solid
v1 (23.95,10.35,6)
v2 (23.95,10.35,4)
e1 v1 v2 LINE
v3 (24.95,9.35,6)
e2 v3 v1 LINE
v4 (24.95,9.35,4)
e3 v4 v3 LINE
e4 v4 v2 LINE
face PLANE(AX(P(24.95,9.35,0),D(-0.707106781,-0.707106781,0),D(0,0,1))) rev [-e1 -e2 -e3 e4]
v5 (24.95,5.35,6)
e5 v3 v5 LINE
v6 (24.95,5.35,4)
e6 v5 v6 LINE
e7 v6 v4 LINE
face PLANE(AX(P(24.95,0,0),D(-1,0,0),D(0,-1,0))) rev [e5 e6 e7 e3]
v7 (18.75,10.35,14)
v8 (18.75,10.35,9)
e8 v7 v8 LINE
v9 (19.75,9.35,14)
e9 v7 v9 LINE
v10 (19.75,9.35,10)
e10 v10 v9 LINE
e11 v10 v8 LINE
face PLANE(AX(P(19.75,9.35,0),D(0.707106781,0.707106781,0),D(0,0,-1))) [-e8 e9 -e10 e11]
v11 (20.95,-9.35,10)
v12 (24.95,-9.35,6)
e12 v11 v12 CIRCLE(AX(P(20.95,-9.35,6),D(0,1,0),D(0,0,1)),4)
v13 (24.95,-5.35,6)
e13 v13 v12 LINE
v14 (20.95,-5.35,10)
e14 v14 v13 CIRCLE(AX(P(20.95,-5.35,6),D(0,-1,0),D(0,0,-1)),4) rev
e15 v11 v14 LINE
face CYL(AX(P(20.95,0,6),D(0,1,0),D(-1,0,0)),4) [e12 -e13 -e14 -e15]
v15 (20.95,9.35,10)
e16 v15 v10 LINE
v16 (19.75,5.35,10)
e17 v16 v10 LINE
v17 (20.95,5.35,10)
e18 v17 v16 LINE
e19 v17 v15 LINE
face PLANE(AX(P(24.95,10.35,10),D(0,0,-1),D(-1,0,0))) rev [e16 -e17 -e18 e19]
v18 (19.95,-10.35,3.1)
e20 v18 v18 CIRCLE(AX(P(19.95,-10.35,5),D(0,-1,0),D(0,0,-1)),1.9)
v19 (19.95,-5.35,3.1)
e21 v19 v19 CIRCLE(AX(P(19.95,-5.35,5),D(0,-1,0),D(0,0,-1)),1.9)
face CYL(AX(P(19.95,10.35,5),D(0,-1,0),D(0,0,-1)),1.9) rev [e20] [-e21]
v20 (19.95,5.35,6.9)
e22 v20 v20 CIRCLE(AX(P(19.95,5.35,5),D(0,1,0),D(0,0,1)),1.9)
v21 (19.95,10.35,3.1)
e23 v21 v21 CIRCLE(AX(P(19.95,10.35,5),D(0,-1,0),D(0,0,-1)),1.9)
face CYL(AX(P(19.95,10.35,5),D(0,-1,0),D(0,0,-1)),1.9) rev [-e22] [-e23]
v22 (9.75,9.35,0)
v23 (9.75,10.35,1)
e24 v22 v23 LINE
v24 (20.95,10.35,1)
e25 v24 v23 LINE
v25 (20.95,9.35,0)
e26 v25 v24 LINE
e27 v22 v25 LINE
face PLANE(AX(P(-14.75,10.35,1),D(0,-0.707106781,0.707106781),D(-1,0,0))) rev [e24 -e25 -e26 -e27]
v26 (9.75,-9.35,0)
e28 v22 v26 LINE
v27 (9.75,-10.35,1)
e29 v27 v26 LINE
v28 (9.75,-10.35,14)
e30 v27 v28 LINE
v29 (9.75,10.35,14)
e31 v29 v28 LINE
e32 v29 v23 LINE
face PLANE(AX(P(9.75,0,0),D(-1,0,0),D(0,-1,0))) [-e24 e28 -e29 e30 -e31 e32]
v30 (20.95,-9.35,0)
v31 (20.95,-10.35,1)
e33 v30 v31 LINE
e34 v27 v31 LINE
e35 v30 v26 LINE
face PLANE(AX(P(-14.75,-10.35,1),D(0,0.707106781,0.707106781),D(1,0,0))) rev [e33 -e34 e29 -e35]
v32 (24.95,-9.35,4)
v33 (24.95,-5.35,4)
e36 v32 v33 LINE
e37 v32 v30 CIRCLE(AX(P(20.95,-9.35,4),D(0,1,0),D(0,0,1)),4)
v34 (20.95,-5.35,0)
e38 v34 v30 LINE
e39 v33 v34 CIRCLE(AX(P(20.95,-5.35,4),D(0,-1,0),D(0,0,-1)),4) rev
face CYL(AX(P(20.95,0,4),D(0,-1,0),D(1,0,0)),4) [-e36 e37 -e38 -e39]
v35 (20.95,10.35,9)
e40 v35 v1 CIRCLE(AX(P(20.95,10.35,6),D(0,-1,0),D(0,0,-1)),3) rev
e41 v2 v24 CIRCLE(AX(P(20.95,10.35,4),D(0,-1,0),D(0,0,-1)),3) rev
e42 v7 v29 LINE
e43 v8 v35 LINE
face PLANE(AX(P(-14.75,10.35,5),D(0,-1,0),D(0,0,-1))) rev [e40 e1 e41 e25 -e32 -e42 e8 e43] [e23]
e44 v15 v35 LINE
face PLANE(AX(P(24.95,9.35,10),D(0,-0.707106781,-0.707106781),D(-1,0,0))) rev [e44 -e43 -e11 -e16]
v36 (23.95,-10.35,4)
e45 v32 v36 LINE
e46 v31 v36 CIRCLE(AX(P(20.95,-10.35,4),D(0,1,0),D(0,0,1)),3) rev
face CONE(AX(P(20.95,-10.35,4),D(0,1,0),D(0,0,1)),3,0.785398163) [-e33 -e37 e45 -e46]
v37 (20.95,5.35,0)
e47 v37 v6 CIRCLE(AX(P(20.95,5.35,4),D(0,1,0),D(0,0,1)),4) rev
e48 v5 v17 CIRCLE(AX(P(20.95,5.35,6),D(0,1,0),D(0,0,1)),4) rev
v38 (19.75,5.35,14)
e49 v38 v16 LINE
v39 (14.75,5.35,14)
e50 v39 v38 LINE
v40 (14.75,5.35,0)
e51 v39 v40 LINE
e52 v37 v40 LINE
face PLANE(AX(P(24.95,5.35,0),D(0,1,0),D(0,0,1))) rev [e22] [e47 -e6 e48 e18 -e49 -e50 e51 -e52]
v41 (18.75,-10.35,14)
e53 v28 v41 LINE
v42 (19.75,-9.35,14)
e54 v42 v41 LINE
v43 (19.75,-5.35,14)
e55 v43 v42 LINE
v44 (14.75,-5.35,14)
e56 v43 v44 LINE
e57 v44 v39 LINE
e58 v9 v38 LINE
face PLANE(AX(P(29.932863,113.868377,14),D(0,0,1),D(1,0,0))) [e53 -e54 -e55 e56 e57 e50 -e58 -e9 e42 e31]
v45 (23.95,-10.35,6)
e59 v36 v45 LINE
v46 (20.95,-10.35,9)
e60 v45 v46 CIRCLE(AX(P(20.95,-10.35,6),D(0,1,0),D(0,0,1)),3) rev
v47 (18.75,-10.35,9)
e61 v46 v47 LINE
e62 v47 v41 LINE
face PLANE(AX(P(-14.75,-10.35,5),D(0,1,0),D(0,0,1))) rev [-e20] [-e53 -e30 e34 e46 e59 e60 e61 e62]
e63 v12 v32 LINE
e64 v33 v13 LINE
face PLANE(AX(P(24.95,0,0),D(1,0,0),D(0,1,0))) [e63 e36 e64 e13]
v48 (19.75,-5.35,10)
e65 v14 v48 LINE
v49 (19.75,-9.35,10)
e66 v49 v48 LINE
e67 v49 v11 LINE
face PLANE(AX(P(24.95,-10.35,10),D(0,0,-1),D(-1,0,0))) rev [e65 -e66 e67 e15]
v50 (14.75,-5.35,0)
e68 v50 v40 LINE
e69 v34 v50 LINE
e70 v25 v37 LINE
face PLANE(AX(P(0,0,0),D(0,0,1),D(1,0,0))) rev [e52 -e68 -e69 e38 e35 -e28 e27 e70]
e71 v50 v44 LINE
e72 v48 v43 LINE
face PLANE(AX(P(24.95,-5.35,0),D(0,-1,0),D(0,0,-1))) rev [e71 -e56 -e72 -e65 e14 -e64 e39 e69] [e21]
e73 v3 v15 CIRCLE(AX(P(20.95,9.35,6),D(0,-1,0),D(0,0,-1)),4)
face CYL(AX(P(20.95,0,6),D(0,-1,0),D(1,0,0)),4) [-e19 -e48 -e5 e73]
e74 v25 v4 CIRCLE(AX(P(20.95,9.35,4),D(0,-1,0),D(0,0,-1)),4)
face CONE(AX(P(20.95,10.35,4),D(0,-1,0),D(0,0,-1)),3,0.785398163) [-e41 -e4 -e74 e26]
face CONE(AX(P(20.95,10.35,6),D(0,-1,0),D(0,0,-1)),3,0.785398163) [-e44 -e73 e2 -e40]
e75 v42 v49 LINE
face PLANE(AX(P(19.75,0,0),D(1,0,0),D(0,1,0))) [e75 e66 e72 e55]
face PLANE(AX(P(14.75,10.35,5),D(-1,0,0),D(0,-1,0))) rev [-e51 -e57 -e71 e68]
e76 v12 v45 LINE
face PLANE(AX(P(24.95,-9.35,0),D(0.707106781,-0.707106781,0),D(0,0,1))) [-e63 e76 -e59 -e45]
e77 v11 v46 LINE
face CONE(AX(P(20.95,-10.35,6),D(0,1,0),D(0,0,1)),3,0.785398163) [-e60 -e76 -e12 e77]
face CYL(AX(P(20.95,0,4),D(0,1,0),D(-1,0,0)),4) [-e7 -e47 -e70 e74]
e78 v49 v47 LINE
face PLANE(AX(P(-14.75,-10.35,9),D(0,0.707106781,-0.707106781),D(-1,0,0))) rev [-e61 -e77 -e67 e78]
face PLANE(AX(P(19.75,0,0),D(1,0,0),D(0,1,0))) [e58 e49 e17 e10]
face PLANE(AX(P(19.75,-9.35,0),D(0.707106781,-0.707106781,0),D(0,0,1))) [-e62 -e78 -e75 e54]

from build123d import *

# Parameters (mm, degrees)
SKETCH_1_R               = 6.25
EXTRUDE_1_DEPTH          = 15
SKETCH_2_W               = 29.5
SKETCH_2_H               = 20.7
EXTRUDE_2_DEPTH          = 5
SKETCH_3_W               = 39
SKETCH_3_H               = 20.7
SKETCH_3_R               = 1.6
EXTRUDE_3_DEPTH          = 5
SKETCH_4_W               = 10
SKETCH_4_H               = 5
EXTRUDE_4_DEPTH          = 10.2
SKETCH_5_R               = 1.9
CUT_EXTRUDE_1_DEPTH      = 21.7
FILLET_1_R               = 4
SKETCH_8_W               = 24
SKETCH_8_H               = 5
EXTRUDE_6_DEPTH          = 5
SKETCH_9_R               = 1.6
EXTRUDE_7_DEPTH          = 5
EXTRUDE_5_DEPTH          = 3
CHAMFER_1_SIZE           = 1
CHAMFER_2_SIZE           = 1
SKETCH_10_W              = 6.3
SKETCH_10_H              = 5.8
CUT_EXTRUDE_2_DEPTH      = 2.5
SKETCH_11_R              = 1.65
CUT_EXTRUDE_3_DEPTH      = 25.95
CUT_EXTRUDE_3_DEPTH_BACK = 15.75
CUT_EXTRUDE_4_DEPTH      = 1
CUT_EXTRUDE_4_DEPTH_BACK = 21.7


with BuildPart() as part:
    # ｽｹｯﾁ1 → ﾎﾞｽ - 押し出し1 (new body)
    with BuildSketch(Plane.XY):
        Circle(SKETCH_1_R)
    extrude(amount=-EXTRUDE_1_DEPTH)

    # ｽｹｯﾁ2 → ﾎﾞｽ - 押し出し2 (add)
    with BuildSketch(Plane.XY):
        Rectangle(SKETCH_2_W, SKETCH_2_H)
    extrude(amount=EXTRUDE_2_DEPTH)

    # ｽｹｯﾁ3 → ﾎﾞｽ - 押し出し3 (add)
    with BuildSketch(Plane(origin=(14.75, 0, 0), x_dir=(0, 0, -1), z_dir=(1, 0, 0))):
        with Locations((-24.5, 0)):
            Rectangle(SKETCH_3_W, SKETCH_3_H)
        with Locations((-20, 0)):
            Circle(SKETCH_3_R, mode=Mode.SUBTRACT)
    extrude(amount=-EXTRUDE_3_DEPTH)

    # ｽｹｯﾁ4 → ﾎﾞｽ - 押し出し4 (add)
    with BuildSketch(Plane(origin=(14.75, 0, 0), x_dir=(0, 0, -1), z_dir=(1, 0, 0))):
        with Locations((-5, 7.85)):
            Rectangle(SKETCH_4_W, SKETCH_4_H)
        with Locations((-5, -7.85)):
            Rectangle(SKETCH_4_W, SKETCH_4_H)
        with Locations((-39, 7.85)):
            Rectangle(SKETCH_4_W, SKETCH_4_H)
        with Locations((-39, -7.85)):
            Rectangle(SKETCH_4_W, SKETCH_4_H)
    extrude(amount=EXTRUDE_4_DEPTH)

    # ｽｹｯﾁ5 → ｶｯﾄ - 押し出し1 (cut, through all)
    with BuildSketch(Plane.XZ.offset(10.35)):
        with Locations((19.95, 5)):
            Circle(SKETCH_5_R)
        with Locations((19.95, 39)):
            Circle(SKETCH_5_R)
    extrude(amount=-CUT_EXTRUDE_1_DEPTH, mode=Mode.SUBTRACT)

    # ﾌｨﾚｯﾄ1
    fillet_1_edges = [part.edges().sort_by_distance(p)[0] for p in [
        (24.95, 7.85, 0),
        (24.95, 7.85, 10),
        (24.95, -7.85, 0),
        (24.95, -7.85, 10),
        (24.95, -7.85, 44),
        (24.95, -7.85, 34),
        (24.95, 7.85, 44),
        (24.95, 7.85, 34),
    ]]
    fillet(fillet_1_edges, radius=FILLET_1_R)

    # ｽｹｯﾁ8 → ﾎﾞｽ - 押し出し6 (add)
    with BuildSketch(Plane(origin=(14.75, 0, 0), x_dir=(0, 0, -1), z_dir=(1, 0, 0))):
        with Locations((-22, 7.85)):
            Rectangle(SKETCH_8_W, SKETCH_8_H)
        with Locations((-22, -7.85)):
            Rectangle(SKETCH_8_W, SKETCH_8_H)
    extrude(amount=EXTRUDE_6_DEPTH)

    # ｽｹｯﾁ9 → ﾎﾞｽ - 押し出し7 (add)
    with BuildSketch(Plane.ZY.offset(14.75)):
        with BuildLine():
            Line((5, 10.35), (11, 10.35))
            Line((11, 10.35), (22.121751649, 3.390895153))
            ThreePointArc((22.121751649, 3.390895153), (24, 0), (22.121751649, -3.390895153))
            Line((22.121751649, -3.390895153), (11, -10.35))
            Line((11, -10.35), (5, -10.35))
            Line((5, -10.35), (5, 10.35))
        make_face()
        with Locations((20, 0)):
            Circle(SKETCH_9_R, mode=Mode.SUBTRACT)
    extrude(amount=-EXTRUDE_7_DEPTH)

    # ｽｹｯﾁ6 → ﾎﾞｽ - 押し出し5 (add)
    with BuildSketch(Plane.XZ.offset(10.35)):
        Polygon((-9.75, 5), (9.75, 5), (9.75, 15), (-2.374355653, 8), (-9.75, 8), align=None)
    extrude_5 = extrude(amount=-EXTRUDE_5_DEPTH)

    # ﾐﾗｰ1: ﾎﾞｽ - 押し出し5 across plane
    add(extrude_5.mirror(Plane.ZX))

    # 面取り1
    chamfer_1_edges = [part.edges().sort_by_distance(p)[0] for p in [
        (20.35, -10.35, 34),
        (24.95, -10.35, 5),
        (20.35, -10.35, 10),
        (23.778427125, -10.35, 8.828427125),
        (23.778427125, -10.35, 1.171572875),
        (23.778427125, -10.35, 42.828427125),
        (23.778427125, -10.35, 35.171572875),
        (24.95, 10.35, 39),
        (3.1, 10.35, 0),
        (20.35, 10.35, 34),
        (20.35, 10.35, 10),
        (24.95, 10.35, 5),
        (23.778427125, 10.35, 1.171572875),
        (23.778427125, 10.35, 8.828427125),
        (23.778427125, 10.35, 42.828427125),
        (23.778427125, 10.35, 35.171572875),
        (19.75, 10.35, 22),
        (19.75, -10.35, 22),
        (9.75, -10.35, 29.5),
        (9.75, 0, 44),
        (15.35, -10.35, 44),
        (15.35, 10.35, 44),
        (9.75, 10.35, 29.5),
        (-14.75, 0, 0),
        (-14.75, 10.35, 5.5),
        (3.1, -10.35, 0),
        (-14.75, -10.35, 5.5),
        (24.95, -10.35, 39),
    ]]
    chamfer(chamfer_1_edges, length=CHAMFER_1_SIZE)

    # 面取り2
    chamfer_2_edges = [part.edges().sort_by_distance(p)[0] for p in [
        (-9.75, -8.85, 8),
        (-9.75, 8.85, 8),
    ]]
    chamfer(chamfer_2_edges, length=CHAMFER_2_SIZE)

    # ｽｹｯﾁ10 → ｶｯﾄ - 押し出し2 (cut)
    with BuildSketch(Plane(origin=(14.75, 0, 0), x_dir=(0, 0, -1), z_dir=(1, 0, 0))):
        with Locations((-20, 0)):
            Rectangle(SKETCH_10_W, SKETCH_10_H)
    extrude(amount=-CUT_EXTRUDE_2_DEPTH, mode=Mode.SUBTRACT)

    # ｽｹｯﾁ11 → ｶｯﾄ - 押し出し3 (cut, two sides)
    with BuildSketch(Plane(origin=(0, 0, 0), x_dir=(0, 0, -1), z_dir=(1, 0, 0))) as cut_extrude_3_sk:
        with Locations((7.5, 0)):
            Circle(SKETCH_11_R)
    extrude(amount=CUT_EXTRUDE_3_DEPTH, mode=Mode.SUBTRACT)
    extrude(cut_extrude_3_sk.sketch, amount=-CUT_EXTRUDE_3_DEPTH_BACK, mode=Mode.SUBTRACT)

    # ｽｹｯﾁ12 → ｶｯﾄ - 押し出し4 (cut, two sides)
    with BuildSketch(Plane(origin=(0, 10.35, 0), x_dir=(1, 0, 0), z_dir=(0, 1, 0))) as cut_extrude_4_sk:
        Polygon((147.57222826, -14), (29.932862948, -14), (9.75, -14), (9.75, 2.815371833), (9.75, 120.454737145), (-154.547009772, -47.957179489), (-16.724781512, -182.411916634), align=None)
    extrude(amount=CUT_EXTRUDE_4_DEPTH, mode=Mode.SUBTRACT)
    extrude(cut_extrude_4_sk.sketch, amount=-CUT_EXTRUDE_4_DEPTH_BACK, mode=Mode.SUBTRACT)


solid = part.part
